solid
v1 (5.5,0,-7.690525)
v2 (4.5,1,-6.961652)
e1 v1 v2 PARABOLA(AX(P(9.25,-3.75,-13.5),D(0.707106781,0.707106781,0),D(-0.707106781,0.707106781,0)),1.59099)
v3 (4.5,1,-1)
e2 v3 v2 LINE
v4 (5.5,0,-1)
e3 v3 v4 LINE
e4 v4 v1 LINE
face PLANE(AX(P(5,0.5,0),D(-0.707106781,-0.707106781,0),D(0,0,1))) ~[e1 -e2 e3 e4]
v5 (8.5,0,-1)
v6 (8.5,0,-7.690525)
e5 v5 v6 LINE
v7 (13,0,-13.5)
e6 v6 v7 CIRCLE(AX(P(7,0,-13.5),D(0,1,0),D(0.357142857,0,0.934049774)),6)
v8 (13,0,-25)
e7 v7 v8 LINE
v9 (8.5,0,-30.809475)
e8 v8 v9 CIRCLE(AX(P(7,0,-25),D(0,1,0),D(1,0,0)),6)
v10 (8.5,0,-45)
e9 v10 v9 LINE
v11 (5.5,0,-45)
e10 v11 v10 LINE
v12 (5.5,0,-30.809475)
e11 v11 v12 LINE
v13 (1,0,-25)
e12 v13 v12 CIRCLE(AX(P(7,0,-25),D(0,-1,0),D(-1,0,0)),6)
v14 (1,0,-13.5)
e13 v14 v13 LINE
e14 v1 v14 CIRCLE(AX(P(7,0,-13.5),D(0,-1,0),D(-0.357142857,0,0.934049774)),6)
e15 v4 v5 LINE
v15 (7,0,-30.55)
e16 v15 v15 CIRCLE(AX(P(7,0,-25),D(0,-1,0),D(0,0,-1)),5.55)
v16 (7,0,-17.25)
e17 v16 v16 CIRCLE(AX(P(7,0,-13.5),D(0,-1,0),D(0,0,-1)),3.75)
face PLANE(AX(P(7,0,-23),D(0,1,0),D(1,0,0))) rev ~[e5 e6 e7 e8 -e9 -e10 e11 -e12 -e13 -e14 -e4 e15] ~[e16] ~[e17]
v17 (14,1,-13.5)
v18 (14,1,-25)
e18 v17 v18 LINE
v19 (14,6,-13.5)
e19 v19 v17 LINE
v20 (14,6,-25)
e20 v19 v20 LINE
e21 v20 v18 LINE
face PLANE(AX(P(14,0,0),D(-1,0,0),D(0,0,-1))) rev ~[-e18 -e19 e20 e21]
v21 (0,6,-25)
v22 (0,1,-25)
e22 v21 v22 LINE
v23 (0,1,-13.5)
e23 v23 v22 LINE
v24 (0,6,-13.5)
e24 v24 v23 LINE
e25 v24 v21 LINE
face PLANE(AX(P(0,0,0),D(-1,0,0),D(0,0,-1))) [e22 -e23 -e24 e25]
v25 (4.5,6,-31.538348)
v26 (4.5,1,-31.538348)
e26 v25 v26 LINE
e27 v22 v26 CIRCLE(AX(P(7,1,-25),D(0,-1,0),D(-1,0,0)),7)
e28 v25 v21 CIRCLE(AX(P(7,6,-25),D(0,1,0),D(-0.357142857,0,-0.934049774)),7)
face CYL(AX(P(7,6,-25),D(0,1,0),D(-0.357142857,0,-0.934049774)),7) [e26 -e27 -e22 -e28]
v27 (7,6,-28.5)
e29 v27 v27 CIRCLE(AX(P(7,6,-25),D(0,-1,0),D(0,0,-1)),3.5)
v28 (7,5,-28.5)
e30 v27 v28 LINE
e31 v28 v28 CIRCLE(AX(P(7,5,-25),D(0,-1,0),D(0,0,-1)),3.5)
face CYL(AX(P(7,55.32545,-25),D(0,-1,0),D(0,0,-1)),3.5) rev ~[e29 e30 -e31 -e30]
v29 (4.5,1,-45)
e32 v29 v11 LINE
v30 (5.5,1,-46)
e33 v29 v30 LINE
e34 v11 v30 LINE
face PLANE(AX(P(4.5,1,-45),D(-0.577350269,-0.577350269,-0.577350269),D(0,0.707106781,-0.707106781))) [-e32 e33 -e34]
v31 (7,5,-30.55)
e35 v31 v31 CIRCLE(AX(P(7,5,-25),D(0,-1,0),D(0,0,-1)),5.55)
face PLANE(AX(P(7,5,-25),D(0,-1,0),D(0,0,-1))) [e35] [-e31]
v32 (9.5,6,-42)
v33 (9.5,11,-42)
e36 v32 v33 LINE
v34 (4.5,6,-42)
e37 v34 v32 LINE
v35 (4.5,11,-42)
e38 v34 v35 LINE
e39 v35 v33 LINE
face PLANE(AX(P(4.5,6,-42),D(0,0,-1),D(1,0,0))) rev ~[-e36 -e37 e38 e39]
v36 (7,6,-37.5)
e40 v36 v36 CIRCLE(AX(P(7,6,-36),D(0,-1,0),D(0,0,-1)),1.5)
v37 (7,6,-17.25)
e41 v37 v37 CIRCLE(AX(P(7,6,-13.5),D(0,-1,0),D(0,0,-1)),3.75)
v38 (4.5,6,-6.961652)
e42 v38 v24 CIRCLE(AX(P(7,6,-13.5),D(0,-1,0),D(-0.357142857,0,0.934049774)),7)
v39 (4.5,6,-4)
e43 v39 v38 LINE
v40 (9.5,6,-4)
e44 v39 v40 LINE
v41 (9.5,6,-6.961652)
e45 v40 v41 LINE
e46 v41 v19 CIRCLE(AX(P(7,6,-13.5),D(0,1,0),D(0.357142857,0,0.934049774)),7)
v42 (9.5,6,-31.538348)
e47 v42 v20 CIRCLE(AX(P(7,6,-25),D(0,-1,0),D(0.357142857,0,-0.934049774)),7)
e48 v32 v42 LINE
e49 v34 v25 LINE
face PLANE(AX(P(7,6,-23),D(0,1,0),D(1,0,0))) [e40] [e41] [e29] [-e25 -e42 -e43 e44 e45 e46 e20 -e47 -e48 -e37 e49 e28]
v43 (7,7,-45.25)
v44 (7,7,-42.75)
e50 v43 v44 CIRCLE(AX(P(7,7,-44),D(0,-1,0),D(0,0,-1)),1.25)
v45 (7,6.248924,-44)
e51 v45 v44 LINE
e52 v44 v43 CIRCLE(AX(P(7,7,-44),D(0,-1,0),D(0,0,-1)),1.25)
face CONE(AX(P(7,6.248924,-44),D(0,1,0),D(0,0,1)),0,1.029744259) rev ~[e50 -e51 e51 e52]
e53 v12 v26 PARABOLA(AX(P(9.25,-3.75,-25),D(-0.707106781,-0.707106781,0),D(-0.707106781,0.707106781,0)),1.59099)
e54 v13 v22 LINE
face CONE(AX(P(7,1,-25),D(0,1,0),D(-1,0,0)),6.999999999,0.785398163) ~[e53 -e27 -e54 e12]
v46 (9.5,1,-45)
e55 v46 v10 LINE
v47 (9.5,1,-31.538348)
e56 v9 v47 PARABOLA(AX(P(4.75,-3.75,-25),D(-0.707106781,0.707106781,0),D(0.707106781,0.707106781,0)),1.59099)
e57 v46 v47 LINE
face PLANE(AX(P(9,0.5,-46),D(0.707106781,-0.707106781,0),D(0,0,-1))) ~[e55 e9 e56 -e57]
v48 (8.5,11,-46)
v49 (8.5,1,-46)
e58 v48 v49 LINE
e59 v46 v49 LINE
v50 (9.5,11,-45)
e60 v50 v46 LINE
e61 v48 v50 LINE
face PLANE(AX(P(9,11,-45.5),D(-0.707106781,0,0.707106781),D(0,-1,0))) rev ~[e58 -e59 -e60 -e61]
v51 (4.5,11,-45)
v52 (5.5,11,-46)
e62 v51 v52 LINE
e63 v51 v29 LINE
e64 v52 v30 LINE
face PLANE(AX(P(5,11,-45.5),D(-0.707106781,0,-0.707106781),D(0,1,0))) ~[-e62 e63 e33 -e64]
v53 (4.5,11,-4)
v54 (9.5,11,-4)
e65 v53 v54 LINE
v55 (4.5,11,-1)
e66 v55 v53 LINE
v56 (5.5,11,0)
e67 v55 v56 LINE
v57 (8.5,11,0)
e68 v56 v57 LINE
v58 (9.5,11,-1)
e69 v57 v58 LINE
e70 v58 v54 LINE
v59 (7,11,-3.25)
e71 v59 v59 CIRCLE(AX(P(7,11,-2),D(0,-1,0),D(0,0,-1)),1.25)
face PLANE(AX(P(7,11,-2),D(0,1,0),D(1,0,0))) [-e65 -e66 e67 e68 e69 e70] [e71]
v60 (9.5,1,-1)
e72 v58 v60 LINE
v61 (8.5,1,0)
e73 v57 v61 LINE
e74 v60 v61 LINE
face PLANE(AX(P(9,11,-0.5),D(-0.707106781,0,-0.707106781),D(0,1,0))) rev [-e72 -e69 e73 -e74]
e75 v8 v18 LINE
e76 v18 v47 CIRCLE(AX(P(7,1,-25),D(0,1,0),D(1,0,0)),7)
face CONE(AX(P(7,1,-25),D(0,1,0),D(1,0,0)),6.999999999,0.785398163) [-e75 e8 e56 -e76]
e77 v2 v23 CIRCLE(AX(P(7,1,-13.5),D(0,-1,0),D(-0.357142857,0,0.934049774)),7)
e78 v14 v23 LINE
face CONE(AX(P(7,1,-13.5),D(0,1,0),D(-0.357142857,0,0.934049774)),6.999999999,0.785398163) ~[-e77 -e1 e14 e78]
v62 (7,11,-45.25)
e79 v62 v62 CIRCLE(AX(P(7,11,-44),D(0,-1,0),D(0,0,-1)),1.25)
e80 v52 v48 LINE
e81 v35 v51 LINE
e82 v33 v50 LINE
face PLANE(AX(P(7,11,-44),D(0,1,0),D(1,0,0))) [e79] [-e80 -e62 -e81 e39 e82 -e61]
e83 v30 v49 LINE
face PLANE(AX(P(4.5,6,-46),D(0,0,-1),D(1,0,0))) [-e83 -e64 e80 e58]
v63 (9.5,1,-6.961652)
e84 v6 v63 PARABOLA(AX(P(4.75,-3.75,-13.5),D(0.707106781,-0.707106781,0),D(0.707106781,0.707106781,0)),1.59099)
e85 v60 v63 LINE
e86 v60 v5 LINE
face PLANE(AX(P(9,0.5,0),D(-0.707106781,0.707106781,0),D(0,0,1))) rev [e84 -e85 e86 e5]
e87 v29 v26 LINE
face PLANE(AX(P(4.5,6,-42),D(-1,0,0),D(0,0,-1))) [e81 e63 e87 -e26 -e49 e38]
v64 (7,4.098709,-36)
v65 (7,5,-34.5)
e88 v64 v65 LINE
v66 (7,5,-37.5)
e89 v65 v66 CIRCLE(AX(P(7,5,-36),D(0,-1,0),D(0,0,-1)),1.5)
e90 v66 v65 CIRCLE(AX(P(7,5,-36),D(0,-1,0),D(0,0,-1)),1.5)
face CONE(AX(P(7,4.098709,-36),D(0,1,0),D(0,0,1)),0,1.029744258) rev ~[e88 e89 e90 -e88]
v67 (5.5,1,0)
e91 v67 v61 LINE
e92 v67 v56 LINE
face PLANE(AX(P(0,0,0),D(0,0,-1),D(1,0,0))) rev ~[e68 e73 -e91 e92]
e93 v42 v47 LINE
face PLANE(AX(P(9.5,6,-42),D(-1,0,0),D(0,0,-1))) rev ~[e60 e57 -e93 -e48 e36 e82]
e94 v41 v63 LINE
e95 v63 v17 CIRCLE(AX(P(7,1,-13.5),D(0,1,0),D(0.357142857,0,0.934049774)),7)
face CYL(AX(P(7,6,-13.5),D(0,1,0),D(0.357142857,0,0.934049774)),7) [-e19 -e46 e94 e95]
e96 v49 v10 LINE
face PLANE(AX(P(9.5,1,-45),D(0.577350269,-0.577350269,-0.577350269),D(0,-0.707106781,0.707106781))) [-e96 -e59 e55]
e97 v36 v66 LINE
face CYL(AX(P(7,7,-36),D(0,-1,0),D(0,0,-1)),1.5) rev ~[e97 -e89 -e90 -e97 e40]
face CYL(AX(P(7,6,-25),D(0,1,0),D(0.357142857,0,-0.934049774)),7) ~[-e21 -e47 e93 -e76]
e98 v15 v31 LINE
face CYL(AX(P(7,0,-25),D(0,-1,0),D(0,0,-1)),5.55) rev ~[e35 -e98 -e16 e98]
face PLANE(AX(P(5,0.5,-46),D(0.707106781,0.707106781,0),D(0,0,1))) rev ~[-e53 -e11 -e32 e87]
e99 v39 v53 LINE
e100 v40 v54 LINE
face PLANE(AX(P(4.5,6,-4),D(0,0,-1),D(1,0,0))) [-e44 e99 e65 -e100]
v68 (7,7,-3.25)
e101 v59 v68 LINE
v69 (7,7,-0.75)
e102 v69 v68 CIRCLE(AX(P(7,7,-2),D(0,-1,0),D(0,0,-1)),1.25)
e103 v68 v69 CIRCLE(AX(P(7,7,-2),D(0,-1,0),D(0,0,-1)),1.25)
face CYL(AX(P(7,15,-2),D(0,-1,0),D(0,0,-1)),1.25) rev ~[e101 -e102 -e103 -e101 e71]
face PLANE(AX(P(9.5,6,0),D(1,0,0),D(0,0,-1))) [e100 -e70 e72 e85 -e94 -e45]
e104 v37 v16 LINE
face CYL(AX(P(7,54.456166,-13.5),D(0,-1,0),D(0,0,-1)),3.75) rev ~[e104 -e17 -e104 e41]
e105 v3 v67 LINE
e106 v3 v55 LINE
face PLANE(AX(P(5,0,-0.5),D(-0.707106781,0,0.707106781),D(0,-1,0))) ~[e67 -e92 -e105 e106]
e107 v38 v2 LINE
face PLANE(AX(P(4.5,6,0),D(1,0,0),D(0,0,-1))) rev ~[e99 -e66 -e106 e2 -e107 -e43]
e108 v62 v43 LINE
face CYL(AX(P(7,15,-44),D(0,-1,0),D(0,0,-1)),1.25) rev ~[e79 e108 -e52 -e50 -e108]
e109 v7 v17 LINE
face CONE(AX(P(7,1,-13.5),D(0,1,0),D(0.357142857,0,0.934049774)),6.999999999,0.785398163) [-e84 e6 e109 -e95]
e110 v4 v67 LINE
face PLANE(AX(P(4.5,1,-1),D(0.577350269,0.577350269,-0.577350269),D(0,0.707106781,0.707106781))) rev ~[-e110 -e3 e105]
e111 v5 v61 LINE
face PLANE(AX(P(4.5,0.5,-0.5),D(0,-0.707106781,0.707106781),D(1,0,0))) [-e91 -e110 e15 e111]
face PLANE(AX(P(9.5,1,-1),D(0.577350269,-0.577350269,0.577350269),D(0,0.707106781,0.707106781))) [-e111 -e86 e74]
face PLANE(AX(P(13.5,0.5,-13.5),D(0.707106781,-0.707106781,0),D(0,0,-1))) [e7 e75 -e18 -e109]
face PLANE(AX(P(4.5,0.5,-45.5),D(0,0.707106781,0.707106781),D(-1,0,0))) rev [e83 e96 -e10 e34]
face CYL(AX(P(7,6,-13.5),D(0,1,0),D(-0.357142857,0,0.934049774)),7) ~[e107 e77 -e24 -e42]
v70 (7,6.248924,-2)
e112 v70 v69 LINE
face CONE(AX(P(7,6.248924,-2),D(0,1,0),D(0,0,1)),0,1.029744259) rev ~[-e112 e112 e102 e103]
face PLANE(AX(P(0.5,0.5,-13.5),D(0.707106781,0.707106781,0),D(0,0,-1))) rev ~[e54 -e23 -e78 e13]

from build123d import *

# Parameters (mm, degrees)
ESBO_O2_W                                   = 14
ESBO_O2_H                                   = 46
RESSALTO_EXTRUS_O1_DEPTH                    = 6
CORTE_EXTRUS_O1_DEPTH                       = 49.456165758
FURO_DE_DI_METRO_7_5_7_5_1_D                = 7.5
CORTE_EXTRUS_O2_DEPTH                       = 49.456165758
ESBO_O10_W                                  = 5
ESBO_O10_H                                  = 4
RESSALTO_EXTRUS_O2_DEPTH                    = 5
BROCA_DE_ROSQUEAR_PARA_TARRAXA_DE_M31_D     = 2.5
BROCA_DE_ROSQUEAR_PARA_TARRAXA_DE_M31_DEPTH = 4
BROCA_DE_ROSQUEAR_PARA_TARRAXA_DE_M31_TIP   = 0.751075774
FURO_DE_DI_METRO_7_0_7_1_D                  = 7
CHANFRO1_SIZE                               = 1
FURO_DE_DI_METRO_3_0_3_1_D                  = 3
FURO_DE_DI_METRO_3_0_3_1_DEPTH              = 1
FURO_DE_DI_METRO_3_0_3_1_TIP                = 0.901290929
ESBO_O14_R                                  = 5.55
CORTE_EXTRUS_O4_DEPTH                       = 5


with BuildPart() as part:
    # Esboço2 → Ressalto-extrusão1 (new body)
    with BuildSketch(Plane(origin=(0, 0, 0), x_dir=(1, 0, 0), z_dir=(0, 1, 0))):
        with Locations((7, 23)):
            Rectangle(ESBO_O2_W, ESBO_O2_H)
    extrude(amount=RESSALTO_EXTRUS_O1_DEPTH)

    # Esboço6 → Corte-extrusão1 (cut, through all)
    with BuildSketch(Plane(origin=(0, 6, 0), x_dir=(1, 0, 0), z_dir=(0, 1, 0))):
        with BuildLine():
            Line((4.5, 46), (4.5, 31.538348415))
            ThreePointArc((4.5, 31.538348415), (1.233718703, 28.968626967), (0, 25))
            Line((0, 25), (0, 46))
            Line((0, 46), (4.5, 46))
        make_face()
        with BuildLine():
            Line((9.5, 46), (9.5, 31.538348415))
            ThreePointArc((9.5, 31.538348415), (12.766281297, 28.968626967), (14, 25))
            Line((14, 25), (14, 46))
            Line((14, 46), (9.5, 46))
        make_face()
    extrude(amount=-CORTE_EXTRUS_O1_DEPTH, mode=Mode.SUBTRACT)

    # Furo de diâmetro Ø7.5 (7.5)1 (through all)
    with Locations(Plane(origin=(7, 6, -13.5), x_dir=(0, 0, 1), z_dir=(0, 1, 0))):
        with Locations((0, 0)):
            Hole(FURO_DE_DI_METRO_7_5_7_5_1_D / 2)

    # Esboço9 → Corte-extrusão2 (cut, through all)
    with BuildSketch(Plane(origin=(0, 6, 0), x_dir=(1, 0, 0), z_dir=(0, 1, 0))):
        with BuildLine():
            Line((0, 13.5), (0, 0))
            Line((0, 0), (4.5, 0))
            Line((4.5, 0), (4.5, 6.961651585))
            ThreePointArc((4.5, 6.961651585), (1.233718703, 9.531373033), (0, 13.5))
        make_face()
        with BuildLine():
            Line((9.5, 0), (9.5, 6.961651585))
            ThreePointArc((9.5, 6.961651585), (12.766281297, 9.531373033), (14, 13.5))
            Line((14, 13.5), (14, 0))
            Line((14, 0), (9.5, 0))
        make_face()
    extrude(amount=-CORTE_EXTRUS_O2_DEPTH, mode=Mode.SUBTRACT)

    # Esboço10 → Ressalto-extrusão2 (add)
    with BuildSketch(Plane(origin=(0, 6, 0), x_dir=(1, 0, 0), z_dir=(0, 1, 0))):
        with Locations((7, 44)):
            Rectangle(ESBO_O10_W, ESBO_O10_H)
        with Locations((7, 2)):
            Rectangle(ESBO_O10_W, ESBO_O10_H)
    extrude(amount=RESSALTO_EXTRUS_O2_DEPTH)

    # Broca de rosquear para tarraxa de M31
    with Locations(Plane(origin=(7, 11, -2), x_dir=(0, 0, 1), z_dir=(0, 1, 0))):
        with Locations((0, 0), (-42, 0)):
            Hole(BROCA_DE_ROSQUEAR_PARA_TARRAXA_DE_M31_D / 2, depth=BROCA_DE_ROSQUEAR_PARA_TARRAXA_DE_M31_DEPTH)
            with Locations((0, 0, -(BROCA_DE_ROSQUEAR_PARA_TARRAXA_DE_M31_DEPTH + BROCA_DE_ROSQUEAR_PARA_TARRAXA_DE_M31_TIP / 2))):  # 118° drill point
                Cone(0, BROCA_DE_ROSQUEAR_PARA_TARRAXA_DE_M31_D / 2, BROCA_DE_ROSQUEAR_PARA_TARRAXA_DE_M31_TIP, mode=Mode.SUBTRACT)

    # Furo de diâmetro Ø7.0 (7)1 (through all)
    with Locations(Plane(origin=(7, 6, -25), x_dir=(0, 0, 1), z_dir=(0, 1, 0))):
        with Locations((0, 0)):
            Hole(FURO_DE_DI_METRO_7_0_7_1_D / 2)

    # Chanfro1
    chanfro1_edges = [part.edges().sort_by_distance(p)[0] for p in [
        (0, 0, -19.25),
        (7, 0, -46),
        (9.5, 5.5, -46),
        (12.766281297, 0, -28.968626967),
        (9.5, 0, -38.769174208),
        (4.5, 0, -38.769174208),
        (4.5, 5.5, -46),
        (1.233718703, 0, -28.968626967),
        (14, 0, -19.25),
        (7, 0, 0),
        (1.233718703, 0, -9.531373033),
        (4.5, 0, -3.480825792),
        (4.5, 5.5, 0),
        (9.5, 0, -3.480825792),
        (9.5, 5.5, 0),
        (12.766281297, 0, -9.531373033),
    ]]
    chamfer(chanfro1_edges, length=CHANFRO1_SIZE)

    # Furo de diâmetro Ø3.0 (3)1
    with Locations(Plane(origin=(7, 6, -36), x_dir=(0, 0, 1), z_dir=(0, 1, 0))):
        with Locations((0, 0)):
            Hole(FURO_DE_DI_METRO_3_0_3_1_D / 2, depth=FURO_DE_DI_METRO_3_0_3_1_DEPTH)
            with Locations((0, 0, -(FURO_DE_DI_METRO_3_0_3_1_DEPTH + FURO_DE_DI_METRO_3_0_3_1_TIP / 2))):  # 118° drill point
                Cone(0, FURO_DE_DI_METRO_3_0_3_1_D / 2, FURO_DE_DI_METRO_3_0_3_1_TIP, mode=Mode.SUBTRACT)

    # Esboço14 → Corte-extrusão4 (cut)
    with BuildSketch(Plane.XZ):
        with Locations(Location((7, -25, 0), (0, 0, 270))):
            Circle(ESBO_O14_R)
    extrude(amount=-CORTE_EXTRUS_O4_DEPTH, mode=Mode.SUBTRACT)


solid = part.part
